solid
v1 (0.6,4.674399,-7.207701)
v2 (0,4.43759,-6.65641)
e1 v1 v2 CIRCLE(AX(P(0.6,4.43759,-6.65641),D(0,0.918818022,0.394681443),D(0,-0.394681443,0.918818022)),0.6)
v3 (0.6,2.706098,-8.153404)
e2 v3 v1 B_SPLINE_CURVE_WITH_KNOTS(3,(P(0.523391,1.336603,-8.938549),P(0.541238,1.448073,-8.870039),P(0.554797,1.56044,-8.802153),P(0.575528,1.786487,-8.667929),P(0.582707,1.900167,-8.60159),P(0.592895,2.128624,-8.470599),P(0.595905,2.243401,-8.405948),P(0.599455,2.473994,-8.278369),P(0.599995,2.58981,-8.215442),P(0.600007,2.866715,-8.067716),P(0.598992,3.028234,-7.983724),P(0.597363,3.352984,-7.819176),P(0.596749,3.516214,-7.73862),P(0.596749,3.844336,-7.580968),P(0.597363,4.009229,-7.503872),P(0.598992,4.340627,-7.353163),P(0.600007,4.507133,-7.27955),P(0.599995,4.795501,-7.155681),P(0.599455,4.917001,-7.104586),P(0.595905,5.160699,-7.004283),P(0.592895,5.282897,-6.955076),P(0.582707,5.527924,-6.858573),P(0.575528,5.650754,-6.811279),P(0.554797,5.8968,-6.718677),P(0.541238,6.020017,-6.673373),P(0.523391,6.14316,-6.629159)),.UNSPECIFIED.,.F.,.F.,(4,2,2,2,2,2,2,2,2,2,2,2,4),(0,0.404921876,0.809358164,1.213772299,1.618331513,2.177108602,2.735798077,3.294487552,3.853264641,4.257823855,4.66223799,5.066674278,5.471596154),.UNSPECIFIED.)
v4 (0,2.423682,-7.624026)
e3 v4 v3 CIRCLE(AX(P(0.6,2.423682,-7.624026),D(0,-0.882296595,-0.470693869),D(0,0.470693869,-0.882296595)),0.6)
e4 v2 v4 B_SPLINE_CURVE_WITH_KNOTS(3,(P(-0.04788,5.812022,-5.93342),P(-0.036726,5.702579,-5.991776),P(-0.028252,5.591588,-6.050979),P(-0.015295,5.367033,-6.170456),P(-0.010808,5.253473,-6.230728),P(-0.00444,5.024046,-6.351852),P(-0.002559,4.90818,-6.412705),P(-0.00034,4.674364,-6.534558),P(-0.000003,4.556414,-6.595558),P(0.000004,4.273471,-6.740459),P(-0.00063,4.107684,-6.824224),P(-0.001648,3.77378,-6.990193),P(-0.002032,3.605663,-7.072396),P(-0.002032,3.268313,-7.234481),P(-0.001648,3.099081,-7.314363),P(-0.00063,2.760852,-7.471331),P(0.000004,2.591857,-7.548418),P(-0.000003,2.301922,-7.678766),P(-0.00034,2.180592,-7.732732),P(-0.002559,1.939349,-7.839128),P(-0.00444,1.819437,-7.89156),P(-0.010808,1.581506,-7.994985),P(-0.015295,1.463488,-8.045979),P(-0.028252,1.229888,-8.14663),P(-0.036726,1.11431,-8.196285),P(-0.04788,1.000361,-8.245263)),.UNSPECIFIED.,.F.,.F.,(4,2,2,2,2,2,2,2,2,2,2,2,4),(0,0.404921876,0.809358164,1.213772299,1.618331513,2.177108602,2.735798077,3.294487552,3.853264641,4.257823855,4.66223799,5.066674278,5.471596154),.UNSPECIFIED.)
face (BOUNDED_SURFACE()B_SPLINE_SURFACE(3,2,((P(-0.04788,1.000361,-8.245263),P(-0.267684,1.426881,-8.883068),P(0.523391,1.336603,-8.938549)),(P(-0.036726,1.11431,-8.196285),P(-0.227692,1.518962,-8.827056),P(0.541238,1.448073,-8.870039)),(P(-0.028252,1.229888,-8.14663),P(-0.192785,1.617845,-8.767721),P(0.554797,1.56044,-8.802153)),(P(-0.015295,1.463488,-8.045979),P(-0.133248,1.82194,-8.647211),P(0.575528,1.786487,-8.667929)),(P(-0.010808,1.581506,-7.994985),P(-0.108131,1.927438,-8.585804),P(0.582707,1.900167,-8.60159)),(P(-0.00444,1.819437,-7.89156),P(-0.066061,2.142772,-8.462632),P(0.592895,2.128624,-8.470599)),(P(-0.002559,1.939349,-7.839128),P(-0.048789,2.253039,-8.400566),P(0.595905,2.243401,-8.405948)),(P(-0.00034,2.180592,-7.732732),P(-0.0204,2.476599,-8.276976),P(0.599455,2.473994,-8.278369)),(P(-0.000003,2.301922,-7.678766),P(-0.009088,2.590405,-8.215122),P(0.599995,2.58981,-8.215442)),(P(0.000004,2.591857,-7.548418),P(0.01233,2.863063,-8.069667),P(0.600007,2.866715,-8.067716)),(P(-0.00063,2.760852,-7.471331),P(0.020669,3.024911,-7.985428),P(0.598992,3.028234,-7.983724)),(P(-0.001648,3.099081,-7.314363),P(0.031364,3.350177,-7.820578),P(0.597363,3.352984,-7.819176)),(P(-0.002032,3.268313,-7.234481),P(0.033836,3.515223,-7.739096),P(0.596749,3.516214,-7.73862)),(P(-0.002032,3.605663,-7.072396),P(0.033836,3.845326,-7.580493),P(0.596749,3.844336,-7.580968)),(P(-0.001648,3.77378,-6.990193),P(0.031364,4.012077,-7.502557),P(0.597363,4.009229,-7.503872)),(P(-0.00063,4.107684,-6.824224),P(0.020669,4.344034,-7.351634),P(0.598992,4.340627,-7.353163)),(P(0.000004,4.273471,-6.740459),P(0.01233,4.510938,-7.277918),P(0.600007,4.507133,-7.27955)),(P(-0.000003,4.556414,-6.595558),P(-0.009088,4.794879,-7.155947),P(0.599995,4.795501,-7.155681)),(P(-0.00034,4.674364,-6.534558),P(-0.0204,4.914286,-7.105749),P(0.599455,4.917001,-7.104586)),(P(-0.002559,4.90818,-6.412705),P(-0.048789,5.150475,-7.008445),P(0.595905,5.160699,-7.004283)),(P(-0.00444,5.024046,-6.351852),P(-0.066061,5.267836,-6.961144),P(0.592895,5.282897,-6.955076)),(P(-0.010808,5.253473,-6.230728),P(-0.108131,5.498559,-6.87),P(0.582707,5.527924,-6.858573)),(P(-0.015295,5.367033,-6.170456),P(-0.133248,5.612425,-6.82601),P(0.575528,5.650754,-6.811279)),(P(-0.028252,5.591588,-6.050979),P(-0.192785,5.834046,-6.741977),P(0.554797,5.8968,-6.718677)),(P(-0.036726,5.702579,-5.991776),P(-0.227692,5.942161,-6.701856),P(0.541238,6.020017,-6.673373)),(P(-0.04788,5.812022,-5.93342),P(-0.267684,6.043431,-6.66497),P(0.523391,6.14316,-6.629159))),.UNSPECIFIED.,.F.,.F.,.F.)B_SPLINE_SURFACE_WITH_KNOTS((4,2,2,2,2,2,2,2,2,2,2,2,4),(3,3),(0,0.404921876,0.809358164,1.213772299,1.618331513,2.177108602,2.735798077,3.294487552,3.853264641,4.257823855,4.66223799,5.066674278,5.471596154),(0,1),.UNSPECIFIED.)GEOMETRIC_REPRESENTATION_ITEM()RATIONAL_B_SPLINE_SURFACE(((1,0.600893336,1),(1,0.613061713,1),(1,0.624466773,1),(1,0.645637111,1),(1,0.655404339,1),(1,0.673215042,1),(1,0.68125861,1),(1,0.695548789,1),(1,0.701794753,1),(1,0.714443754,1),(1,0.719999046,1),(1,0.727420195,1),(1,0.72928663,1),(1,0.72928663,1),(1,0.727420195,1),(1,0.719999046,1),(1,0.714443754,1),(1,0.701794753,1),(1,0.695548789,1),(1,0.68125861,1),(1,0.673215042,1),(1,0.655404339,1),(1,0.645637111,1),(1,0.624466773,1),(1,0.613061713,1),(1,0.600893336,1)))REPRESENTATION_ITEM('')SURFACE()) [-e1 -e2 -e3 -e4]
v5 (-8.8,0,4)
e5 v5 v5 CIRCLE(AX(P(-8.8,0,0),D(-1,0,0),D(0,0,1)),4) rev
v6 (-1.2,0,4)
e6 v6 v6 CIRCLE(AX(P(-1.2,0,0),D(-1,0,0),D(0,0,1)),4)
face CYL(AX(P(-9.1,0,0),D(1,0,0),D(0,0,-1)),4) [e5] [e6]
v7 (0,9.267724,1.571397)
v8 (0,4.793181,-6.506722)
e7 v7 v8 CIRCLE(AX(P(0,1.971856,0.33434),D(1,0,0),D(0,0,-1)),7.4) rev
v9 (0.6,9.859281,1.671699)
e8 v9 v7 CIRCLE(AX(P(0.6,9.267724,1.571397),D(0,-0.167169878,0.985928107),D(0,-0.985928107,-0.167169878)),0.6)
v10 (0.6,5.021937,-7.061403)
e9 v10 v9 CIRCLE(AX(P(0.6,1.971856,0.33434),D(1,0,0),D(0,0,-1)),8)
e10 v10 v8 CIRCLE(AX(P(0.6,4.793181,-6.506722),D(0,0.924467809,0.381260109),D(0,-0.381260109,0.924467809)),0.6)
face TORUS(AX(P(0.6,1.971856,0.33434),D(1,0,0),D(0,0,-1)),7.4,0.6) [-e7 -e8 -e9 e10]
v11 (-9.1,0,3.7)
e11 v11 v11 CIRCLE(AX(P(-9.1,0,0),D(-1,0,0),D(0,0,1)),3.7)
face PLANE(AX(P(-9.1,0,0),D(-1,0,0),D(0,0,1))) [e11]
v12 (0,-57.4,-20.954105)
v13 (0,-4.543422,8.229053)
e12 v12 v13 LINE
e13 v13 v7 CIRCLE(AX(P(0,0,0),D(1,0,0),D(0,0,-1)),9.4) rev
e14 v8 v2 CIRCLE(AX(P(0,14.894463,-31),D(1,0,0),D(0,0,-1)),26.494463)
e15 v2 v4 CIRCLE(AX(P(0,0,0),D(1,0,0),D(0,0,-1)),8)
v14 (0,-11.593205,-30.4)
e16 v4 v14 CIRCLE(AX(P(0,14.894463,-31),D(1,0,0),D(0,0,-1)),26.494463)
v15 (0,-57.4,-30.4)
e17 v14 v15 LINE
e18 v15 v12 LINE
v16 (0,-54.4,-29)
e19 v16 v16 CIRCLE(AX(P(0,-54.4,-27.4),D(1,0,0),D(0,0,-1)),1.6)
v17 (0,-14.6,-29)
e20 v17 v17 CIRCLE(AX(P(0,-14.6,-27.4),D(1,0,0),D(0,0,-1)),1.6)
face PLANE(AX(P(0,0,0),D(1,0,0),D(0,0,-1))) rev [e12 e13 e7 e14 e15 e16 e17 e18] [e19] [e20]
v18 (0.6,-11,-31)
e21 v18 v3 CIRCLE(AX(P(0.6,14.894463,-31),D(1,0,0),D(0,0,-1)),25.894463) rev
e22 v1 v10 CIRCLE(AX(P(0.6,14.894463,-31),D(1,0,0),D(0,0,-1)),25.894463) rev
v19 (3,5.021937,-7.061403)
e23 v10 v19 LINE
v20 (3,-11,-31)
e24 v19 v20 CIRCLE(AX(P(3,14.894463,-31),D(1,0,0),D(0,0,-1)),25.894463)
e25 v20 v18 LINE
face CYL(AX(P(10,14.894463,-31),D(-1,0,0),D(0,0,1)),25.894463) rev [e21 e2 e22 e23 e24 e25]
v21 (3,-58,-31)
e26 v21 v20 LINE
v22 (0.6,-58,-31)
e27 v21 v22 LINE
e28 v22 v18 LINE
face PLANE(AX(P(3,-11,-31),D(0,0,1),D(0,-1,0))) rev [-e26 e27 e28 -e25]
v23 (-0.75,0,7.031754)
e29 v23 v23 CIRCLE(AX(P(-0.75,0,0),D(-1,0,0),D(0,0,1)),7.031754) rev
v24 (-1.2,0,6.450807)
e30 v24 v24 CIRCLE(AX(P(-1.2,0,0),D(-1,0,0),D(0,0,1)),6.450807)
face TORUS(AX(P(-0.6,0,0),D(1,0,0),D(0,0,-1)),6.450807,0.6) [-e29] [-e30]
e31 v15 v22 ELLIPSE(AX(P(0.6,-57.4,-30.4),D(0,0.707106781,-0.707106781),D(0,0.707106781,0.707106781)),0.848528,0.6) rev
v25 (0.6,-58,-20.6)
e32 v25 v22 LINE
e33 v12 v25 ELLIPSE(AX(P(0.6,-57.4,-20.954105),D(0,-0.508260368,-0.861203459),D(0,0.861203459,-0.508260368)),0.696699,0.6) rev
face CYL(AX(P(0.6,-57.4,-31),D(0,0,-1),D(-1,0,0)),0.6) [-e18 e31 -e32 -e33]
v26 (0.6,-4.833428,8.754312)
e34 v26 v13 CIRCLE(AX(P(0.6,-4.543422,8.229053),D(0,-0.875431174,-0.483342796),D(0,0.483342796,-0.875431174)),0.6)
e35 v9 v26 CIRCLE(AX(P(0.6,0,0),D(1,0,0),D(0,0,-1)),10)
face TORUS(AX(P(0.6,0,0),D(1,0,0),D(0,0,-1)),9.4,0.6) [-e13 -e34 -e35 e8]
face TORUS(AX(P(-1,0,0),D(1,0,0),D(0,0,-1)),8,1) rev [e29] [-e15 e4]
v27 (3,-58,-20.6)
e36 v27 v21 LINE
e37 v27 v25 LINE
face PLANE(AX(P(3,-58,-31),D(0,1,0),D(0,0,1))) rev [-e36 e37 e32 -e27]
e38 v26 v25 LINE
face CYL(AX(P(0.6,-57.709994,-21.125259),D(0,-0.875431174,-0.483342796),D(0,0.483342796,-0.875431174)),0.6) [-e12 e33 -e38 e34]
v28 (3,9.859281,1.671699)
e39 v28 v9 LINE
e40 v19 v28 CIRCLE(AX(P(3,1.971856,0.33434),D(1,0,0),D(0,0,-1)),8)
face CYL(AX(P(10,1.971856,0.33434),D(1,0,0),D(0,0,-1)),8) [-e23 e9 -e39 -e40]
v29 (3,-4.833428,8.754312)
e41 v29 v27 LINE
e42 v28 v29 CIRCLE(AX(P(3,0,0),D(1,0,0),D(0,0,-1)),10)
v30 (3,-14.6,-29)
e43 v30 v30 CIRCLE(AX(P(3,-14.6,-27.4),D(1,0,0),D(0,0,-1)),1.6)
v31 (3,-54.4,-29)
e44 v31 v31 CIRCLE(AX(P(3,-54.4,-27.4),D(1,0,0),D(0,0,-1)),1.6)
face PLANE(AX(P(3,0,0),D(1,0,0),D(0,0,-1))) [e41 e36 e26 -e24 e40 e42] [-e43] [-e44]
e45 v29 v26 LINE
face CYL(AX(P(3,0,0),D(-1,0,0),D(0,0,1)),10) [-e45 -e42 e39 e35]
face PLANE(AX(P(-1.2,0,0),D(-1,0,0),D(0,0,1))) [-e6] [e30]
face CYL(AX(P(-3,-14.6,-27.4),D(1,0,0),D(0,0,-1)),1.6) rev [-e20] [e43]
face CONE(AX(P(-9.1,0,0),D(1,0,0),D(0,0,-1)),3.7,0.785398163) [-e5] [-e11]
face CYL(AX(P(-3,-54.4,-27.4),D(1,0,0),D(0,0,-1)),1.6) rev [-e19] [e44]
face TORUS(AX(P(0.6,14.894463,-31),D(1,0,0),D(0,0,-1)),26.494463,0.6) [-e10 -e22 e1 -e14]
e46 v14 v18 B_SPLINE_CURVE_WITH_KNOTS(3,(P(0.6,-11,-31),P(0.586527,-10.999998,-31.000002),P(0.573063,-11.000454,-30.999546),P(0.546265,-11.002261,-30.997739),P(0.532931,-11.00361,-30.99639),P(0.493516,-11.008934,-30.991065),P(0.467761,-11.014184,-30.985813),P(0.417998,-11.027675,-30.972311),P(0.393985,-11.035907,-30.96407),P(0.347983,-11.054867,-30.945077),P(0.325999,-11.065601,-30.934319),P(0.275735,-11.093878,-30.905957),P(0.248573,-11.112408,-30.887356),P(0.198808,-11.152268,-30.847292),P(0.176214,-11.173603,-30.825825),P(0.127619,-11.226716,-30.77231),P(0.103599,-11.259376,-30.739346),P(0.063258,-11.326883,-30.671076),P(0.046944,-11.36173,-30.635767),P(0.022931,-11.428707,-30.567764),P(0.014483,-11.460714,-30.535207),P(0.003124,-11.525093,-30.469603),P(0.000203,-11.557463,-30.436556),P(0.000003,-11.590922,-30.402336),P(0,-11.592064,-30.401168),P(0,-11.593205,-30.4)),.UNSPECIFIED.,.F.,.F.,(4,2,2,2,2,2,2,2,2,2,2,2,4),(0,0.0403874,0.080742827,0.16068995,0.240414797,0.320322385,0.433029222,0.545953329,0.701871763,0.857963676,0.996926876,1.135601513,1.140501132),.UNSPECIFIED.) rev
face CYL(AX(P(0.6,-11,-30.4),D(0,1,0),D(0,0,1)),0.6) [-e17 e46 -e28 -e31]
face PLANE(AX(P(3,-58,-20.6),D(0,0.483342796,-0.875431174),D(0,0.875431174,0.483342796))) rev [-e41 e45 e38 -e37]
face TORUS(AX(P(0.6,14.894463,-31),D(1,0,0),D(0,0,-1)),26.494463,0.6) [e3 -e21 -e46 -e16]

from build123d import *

# Parameters (mm, degrees)
AUFSATZ_LINEAR_AUSTRAGEN1_DEPTH = 3
SKIZZE2_R                       = 4
AUFSATZ_LINEAR_AUSTRAGEN2_DEPTH = 9.1
FASE1_SIZE                      = 0.3
SKIZZE3_R                       = 1.6
SCHNITT_LINEAR_AUSTRAGEN1_DEPTH = 6
SKIZZE4_R                       = 7
AUFSATZ_LINEAR_AUSTRAGEN3_DEPTH = 1.2
VERRUNDUNG1_R                   = 1
SCHNITT_LINEAR_AUSTRAGEN2_DEPTH = 10
VERRUNDUNG3_R                   = 8
VERRUNDUNG4_R                   = 0.6
VERRUNDUNG5_R                   = 0.6


with BuildPart() as part:
    # Skizze1 → Aufsatz-Linear austragen1 (new body)
    with BuildSketch(Plane(origin=(0, 0, 0), x_dir=(0, 0, -1), z_dir=(1, 0, 0))):
        with BuildLine():
            Line((31, -11), (31, -58))
            Line((31, -58), (20.6, -58))
            Line((20.6, -58), (-8.754311744, -4.833427964))
            ThreePointArc((-8.754311744, -4.833427964), (-6.538746444, 7.566029007), (6.05088421, 7.961582774))
            Line((6.05088421, 7.961582774), (31, -11))
        make_face()
    extrude(amount=AUFSATZ_LINEAR_AUSTRAGEN1_DEPTH)

    # Skizze2 → Aufsatz-Linear austragen2 (add)
    with BuildSketch(Plane.ZY):
        with Locations(Location((0, 0, 0), (0, 0, 180))):
            Circle(SKIZZE2_R)
    extrude(amount=AUFSATZ_LINEAR_AUSTRAGEN2_DEPTH)

    # Fase1
    fase1_edges = [part.edges().sort_by_distance(p)[0] for p in [
        (-9.1, 0, 4),
    ]]
    chamfer(fase1_edges, length=FASE1_SIZE)

    # Skizze3 → Schnitt-Linear austragen1 (cut)
    with BuildSketch(Plane(origin=(3, 0, 0), x_dir=(0, 0, -1), z_dir=(1, 0, 0))):
        with Locations((27.4, -54.4)):
            Circle(SKIZZE3_R)
        with Locations((27.4, -14.6)):
            Circle(SKIZZE3_R)
    extrude(amount=-SCHNITT_LINEAR_AUSTRAGEN1_DEPTH, mode=Mode.SUBTRACT)

    # Skizze4 → Aufsatz-Linear austragen3 (add)
    with BuildSketch(Plane.ZY):
        with Locations(Location((0, 0, 0), (0, 0, 180))):
            Circle(SKIZZE4_R)
    extrude(amount=AUFSATZ_LINEAR_AUSTRAGEN3_DEPTH)

    # Verrundung1
    verrundung1_edges = [part.edges().sort_by_distance(p)[0] for p in [
        (0, 0, 7),
    ]]
    fillet(verrundung1_edges, radius=VERRUNDUNG1_R)

    # Skizze5 → Schnitt-Linear austragen2 (cut)
    with BuildSketch(Plane.ZY):
        with BuildLine():
            ThreePointArc((-31, -11), (-15.331560384, -5.721628096), (-6.05088421, 7.961582774))
            Line((-6.05088421, 7.961582774), (-31, -11))
        make_face()
    extrude(amount=-SCHNITT_LINEAR_AUSTRAGEN2_DEPTH, mode=Mode.SUBTRACT)

    # Verrundung3
    verrundung3_edges = [part.edges().sort_by_distance(p)[0] for p in [
        (1.5, 7.961582774, -6.05088421),
    ]]
    fillet(verrundung3_edges, radius=VERRUNDUNG3_R)

    # Verrundung4
    verrundung4_edges = [part.edges().sort_by_distance(p)[0] for p in [
        (0, -6.624911651, -16.597231966),
        (0, -34.5, -31),
        (0, 4.342309459, 9.008015795),
        (0, 8.970000491, -3.541995713),
        (0, -58, -25.8),
        (0, -31.416713982, -5.922844128),
    ]]
    fillet(verrundung4_edges, radius=VERRUNDUNG4_R)

    # Verrundung5
    verrundung5_edges = [part.edges().sort_by_distance(p)[0] for p in [
        (-1.2, 0, 7),
    ]]
    fillet(verrundung5_edges, radius=VERRUNDUNG5_R)


solid = part.part
